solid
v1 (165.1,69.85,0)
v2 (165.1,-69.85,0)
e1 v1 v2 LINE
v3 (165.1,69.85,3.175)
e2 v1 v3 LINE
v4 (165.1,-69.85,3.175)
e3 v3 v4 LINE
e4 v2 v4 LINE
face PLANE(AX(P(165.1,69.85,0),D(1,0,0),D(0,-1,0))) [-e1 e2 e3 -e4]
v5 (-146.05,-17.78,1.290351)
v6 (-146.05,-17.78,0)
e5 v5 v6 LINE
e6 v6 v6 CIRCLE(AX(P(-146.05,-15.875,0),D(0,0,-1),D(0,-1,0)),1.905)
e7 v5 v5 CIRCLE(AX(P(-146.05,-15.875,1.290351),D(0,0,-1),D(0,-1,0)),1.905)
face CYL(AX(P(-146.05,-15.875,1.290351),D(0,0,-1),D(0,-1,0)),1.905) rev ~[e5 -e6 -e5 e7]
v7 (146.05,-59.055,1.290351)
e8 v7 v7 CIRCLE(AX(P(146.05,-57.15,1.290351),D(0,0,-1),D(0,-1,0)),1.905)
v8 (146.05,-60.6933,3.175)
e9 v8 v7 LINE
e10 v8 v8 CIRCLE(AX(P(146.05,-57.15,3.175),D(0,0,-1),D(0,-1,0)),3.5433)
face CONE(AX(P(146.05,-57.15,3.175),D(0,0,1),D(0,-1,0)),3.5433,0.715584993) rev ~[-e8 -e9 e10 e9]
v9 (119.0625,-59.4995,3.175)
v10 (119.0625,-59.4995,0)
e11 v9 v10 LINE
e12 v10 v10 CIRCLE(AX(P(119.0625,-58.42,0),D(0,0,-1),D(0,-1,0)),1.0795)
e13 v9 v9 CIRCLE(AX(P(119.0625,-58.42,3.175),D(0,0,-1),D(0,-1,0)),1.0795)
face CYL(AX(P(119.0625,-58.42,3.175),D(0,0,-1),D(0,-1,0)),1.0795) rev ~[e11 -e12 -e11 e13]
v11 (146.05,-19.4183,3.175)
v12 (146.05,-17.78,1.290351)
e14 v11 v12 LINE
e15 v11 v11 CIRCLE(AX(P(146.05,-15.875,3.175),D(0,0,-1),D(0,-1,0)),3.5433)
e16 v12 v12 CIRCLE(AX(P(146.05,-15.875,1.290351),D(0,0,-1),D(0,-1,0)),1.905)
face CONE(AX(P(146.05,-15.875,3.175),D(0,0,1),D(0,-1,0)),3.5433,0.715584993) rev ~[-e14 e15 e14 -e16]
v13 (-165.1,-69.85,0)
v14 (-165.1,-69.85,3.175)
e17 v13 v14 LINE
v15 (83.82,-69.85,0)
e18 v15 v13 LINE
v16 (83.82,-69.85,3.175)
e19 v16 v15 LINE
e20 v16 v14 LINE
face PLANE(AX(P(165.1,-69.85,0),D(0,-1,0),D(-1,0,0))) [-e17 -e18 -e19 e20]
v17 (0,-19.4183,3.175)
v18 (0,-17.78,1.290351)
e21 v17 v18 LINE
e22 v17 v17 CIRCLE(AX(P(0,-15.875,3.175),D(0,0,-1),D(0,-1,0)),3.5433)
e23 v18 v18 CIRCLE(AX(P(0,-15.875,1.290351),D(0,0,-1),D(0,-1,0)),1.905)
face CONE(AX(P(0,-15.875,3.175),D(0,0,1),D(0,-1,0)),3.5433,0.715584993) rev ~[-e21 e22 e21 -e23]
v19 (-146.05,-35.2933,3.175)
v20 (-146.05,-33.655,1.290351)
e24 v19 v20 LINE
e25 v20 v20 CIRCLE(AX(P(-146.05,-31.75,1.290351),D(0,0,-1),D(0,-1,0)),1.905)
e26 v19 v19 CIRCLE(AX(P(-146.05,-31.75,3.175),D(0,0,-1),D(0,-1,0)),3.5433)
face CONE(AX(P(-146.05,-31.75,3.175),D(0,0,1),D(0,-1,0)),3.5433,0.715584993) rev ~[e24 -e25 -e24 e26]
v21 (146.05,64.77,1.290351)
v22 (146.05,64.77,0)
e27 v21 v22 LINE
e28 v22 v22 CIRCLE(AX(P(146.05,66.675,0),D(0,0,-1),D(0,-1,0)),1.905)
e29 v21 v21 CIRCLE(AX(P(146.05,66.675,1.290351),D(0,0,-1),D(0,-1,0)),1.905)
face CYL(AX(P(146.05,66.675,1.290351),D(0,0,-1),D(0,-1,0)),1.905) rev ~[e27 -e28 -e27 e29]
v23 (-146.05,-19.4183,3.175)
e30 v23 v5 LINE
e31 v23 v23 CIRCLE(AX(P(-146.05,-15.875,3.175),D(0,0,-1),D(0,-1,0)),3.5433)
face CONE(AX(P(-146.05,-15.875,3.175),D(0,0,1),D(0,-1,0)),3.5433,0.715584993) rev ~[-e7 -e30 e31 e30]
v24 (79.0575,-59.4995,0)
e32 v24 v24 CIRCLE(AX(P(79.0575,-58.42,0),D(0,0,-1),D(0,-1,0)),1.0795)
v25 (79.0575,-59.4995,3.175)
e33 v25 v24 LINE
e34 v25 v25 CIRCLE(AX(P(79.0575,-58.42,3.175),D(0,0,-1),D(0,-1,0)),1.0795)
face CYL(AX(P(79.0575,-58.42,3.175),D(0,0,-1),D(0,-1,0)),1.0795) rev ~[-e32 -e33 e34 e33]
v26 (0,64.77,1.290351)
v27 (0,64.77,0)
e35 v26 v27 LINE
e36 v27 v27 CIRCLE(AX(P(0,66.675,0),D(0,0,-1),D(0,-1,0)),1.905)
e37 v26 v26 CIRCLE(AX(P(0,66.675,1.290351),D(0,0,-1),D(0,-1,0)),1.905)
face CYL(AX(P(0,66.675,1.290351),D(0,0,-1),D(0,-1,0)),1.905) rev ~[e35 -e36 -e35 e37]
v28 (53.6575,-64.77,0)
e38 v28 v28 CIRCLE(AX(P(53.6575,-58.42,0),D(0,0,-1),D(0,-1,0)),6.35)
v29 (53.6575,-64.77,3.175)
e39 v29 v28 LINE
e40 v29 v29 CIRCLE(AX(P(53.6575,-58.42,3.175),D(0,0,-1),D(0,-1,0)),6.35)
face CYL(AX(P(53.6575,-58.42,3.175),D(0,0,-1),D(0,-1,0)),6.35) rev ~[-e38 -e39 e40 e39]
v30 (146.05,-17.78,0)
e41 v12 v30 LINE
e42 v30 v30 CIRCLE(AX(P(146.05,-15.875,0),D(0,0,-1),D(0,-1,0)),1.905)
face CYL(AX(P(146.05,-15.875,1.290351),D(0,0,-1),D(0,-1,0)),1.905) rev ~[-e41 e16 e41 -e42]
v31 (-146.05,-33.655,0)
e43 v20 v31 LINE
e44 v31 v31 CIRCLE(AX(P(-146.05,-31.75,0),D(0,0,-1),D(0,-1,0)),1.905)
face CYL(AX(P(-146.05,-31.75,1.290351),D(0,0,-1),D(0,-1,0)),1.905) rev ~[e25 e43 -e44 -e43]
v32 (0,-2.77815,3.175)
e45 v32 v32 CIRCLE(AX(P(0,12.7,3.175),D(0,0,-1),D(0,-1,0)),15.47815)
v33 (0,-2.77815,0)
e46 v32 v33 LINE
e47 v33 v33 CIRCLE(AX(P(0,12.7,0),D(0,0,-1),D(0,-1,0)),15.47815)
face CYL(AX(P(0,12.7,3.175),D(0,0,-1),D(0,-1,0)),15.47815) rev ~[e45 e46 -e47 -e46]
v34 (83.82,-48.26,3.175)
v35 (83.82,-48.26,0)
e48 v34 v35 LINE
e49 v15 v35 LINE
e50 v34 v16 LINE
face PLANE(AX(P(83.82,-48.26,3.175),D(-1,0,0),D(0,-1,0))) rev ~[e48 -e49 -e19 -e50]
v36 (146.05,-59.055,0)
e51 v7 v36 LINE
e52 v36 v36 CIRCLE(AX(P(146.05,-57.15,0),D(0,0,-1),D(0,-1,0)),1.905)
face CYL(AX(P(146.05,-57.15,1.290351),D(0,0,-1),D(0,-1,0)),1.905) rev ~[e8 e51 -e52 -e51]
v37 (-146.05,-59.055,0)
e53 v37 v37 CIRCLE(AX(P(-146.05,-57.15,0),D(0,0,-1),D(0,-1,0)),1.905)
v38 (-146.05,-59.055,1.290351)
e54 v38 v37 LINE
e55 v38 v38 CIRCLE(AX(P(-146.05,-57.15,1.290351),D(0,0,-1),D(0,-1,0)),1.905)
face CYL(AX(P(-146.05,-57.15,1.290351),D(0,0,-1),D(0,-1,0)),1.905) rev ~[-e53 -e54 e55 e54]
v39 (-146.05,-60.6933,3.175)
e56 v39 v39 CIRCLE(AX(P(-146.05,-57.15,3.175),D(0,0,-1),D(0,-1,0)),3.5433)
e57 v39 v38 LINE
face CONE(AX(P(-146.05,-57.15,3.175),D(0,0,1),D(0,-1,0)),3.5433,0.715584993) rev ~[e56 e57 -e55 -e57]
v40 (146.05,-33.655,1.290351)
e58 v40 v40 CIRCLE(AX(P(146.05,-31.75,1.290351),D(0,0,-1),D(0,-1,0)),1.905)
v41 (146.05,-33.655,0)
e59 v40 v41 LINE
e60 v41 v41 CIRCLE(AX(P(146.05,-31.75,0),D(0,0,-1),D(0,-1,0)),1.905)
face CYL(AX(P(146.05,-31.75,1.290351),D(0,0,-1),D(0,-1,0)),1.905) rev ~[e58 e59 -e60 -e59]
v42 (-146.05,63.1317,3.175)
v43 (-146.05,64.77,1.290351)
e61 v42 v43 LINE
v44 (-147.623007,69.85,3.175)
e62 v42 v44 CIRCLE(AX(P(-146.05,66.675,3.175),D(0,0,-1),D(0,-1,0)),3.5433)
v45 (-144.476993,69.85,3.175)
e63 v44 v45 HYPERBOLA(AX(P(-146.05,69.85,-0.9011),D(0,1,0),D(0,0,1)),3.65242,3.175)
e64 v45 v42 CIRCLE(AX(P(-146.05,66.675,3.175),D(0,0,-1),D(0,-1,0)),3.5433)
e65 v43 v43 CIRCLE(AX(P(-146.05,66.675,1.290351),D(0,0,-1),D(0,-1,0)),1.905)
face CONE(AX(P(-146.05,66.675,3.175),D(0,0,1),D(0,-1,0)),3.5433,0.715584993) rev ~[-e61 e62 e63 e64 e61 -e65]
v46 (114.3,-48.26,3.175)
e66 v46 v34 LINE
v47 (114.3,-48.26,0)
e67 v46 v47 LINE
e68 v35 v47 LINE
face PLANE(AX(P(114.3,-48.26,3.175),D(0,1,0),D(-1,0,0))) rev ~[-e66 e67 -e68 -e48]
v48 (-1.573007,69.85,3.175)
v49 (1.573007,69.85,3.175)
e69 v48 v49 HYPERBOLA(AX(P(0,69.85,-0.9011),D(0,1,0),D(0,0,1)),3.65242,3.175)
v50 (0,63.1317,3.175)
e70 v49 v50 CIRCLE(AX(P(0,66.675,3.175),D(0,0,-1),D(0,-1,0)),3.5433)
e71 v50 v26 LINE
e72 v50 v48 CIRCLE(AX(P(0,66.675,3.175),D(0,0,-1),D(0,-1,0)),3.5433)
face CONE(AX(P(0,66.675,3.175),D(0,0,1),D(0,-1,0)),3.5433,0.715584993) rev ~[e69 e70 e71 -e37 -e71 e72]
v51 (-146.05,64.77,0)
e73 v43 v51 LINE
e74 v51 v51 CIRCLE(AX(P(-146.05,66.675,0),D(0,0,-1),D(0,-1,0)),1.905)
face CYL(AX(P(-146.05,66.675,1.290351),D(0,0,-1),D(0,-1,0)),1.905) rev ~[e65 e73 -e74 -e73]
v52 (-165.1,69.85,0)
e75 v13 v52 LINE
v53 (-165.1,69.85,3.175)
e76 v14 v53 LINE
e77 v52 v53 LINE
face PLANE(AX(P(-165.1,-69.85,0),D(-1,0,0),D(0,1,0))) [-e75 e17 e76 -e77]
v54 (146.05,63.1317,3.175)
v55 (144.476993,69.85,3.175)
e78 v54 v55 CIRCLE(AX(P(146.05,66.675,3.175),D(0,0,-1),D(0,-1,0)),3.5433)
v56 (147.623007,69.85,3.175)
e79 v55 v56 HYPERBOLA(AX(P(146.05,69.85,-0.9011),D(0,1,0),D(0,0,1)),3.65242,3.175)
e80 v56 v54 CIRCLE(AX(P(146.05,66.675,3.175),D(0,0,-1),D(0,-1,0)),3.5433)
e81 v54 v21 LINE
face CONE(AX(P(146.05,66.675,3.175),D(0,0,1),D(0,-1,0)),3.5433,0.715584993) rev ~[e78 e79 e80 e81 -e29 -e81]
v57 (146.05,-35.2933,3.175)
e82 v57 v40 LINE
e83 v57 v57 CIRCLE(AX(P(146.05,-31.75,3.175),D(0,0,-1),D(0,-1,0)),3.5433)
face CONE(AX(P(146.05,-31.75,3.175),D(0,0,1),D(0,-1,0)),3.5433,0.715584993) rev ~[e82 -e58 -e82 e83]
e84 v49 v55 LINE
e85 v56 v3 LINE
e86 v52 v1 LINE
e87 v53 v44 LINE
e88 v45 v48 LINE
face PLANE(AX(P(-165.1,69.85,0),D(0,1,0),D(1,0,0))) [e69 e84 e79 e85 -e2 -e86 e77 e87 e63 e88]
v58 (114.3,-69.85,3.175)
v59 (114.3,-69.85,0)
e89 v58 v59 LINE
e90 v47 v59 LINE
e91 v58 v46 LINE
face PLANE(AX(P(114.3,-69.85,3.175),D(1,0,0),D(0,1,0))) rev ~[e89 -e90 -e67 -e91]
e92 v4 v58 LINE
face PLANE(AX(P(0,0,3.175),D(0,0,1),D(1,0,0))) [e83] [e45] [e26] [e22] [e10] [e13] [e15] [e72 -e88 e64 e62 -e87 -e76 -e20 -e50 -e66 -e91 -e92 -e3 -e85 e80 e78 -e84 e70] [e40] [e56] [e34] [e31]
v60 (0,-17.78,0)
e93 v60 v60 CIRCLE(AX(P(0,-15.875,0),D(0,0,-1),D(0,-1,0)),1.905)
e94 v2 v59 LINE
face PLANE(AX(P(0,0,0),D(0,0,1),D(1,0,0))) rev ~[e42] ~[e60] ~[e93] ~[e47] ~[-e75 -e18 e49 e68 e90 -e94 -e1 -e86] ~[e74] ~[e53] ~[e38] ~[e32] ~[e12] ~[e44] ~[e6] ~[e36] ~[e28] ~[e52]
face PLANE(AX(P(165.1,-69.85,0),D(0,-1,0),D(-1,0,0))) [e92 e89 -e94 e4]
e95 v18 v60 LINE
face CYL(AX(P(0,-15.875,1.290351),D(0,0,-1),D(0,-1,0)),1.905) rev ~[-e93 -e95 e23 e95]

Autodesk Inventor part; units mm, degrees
ref_plane "YZ Plane" through (0, 0, 0) normal (1, 0, 0) x (0, 1, 0)
ref_plane "XZ Plane" through (0, 0, 0) normal (0, 1, 0) x (-1, 0, 0)
ref_plane "XY Plane" through (0, 0, 0) normal (0, 0, 1) x (1, 0, 0)
sketch "Sketch1" plane through (0, 0, 0) normal (0, 0, 1) x (1, 0, 0)
  line L0 (-165.1, 69.85) -> (165.1, 69.85)
  line L1 (165.1, 69.85) -> (165.1, -69.85)
  line L2 (165.1, -69.85) -> (-165.1, -69.85)
  line L3 (-165.1, -69.85) -> (-165.1, 69.85)
  point P0 (0, 0)
  dimension "d0" = 139.7
  dimension "d1" = 330.2
  dimension "d2" = 69.85
  dimension "d3" = 165.1
extrude "Extrusion1" add sketch "Sketch1" along normal blind 3.175
sketch "Sketch4" plane through (0, 0, 3.175) normal (0, 0, 1) x (1, 0, 0)
  line L0 (-165.1, 69.85) -> (165.1, 69.85) projected
  line L1 (-165.1, -69.85) -> (-165.1, 69.85) projected
  line L2 (165.1, -69.85) -> (-165.1, -69.85) projected
  line L3 (165.1, 69.85) -> (165.1, -69.85) projected
  line L4 (-165.1, -15.875) -> (165.1, -15.875) construction
  line L5 (0, 69.85) -> (0, -69.85) construction
  line L6 (-146.05, 69.85) -> (-146.05, -69.85) construction
  line L7 (-165.1, 66.675) -> (165.1, 66.675) construction
  point P0 (0, 0)
  point P1 (-146.05, -15.875)
  point P2 (146.05, -15.875)
  point P3 (0, -15.875)
  point P4 (-146.05, -31.75)
  point P5 (-146.05, -57.15)
  point P6 (146.05, -31.75)
  point P7 (146.05, -57.15)
  point P8 (0, 66.675)
  point P9 (-146.05, 66.675)
  point P10 (146.05, 66.675)
  dimension "d24" = 85.725
  dimension "d49" = 12.7
  dimension "d50" = 25.4
  dimension "d90" = 3.175
  dimension "d92" = 146.05
hole "Hole3" at (-146.05, -15.875, 3.175) at (146.05, -15.875, 3.175) at (0, -15.875, 3.175) at (-146.05, -31.75, 3.175) at (-146.05, -57.15, 3.175) at (146.05, -31.75, 3.175) at (146.05, -57.15, 3.175) at (-146.05, 66.675, 3.175) at (146.05, 66.675, 3.175) at (0, 66.675, 3.175) direction (0, 0, -1) diameter 3.81 end through all countersink diameter 7.0866 countersink angle 82 clearance for "Flat Head Machine Screw (82)" size "#6" standard "Ansi Unified Screw Threads"
sketch "Sketch7" plane through (0, 0, 3.175) normal (0, 0, 1) x (1, 0, 0)
  line L0 (0, -97.79) -> (0, 97.79) construction
  line L1 (-165.1, 69.85) -> (165.1, 69.85) projected
  point P0 (0, 0)
  point P1 (0, 12.7)
  dimension "d51" = 57.15
hole "Hole5" at (0, 12.7, 3.175) direction (0, 0, -1) diameter 30.9563 end through all
sketch "Sketch8" plane through (0, 0, 3.175) normal (0, 0, 1) x (1, 0, 0)
  line L0 (165.1, -69.85) -> (-165.1, -69.85) projected
  line L1 (83.82, -69.85) -> (114.3, -69.85)
  line L2 (114.3, -69.85) -> (114.3, -48.26)
  line L3 (114.3, -48.26) -> (83.82, -48.26)
  line L4 (83.82, -48.26) -> (83.82, -69.85)
  line L5 (165.1, 69.85) -> (165.1, -69.85) projected
  line L6 (99.06, -48.26) -> (99.06, -69.85) construction
  point P0 (0, 0)
  point P1 (79.0575, -58.42)
  point P2 (119.0625, -58.42)
  point P3 (53.6575, -58.42)
  dimension "d59" = 30.48
  dimension "d60" = 21.59
  dimension "d61" = 50.8
  dimension "d62" = 40.005
  dimension "d63" = 11.43
  dimension "d81" = 25.4
  dimension "d82" = 11.43
extrude "Extrusion3" cut sketch "Sketch8" against normal up to next
hole "Hole6" at (79.0575, -58.42, 3.175) at (119.0625, -58.42, 3.175) direction (0, 0, -1) diameter 2.159 end through all
hole "Hole8" at (53.6575, -58.42, 3.175) direction (0, 0, -1) diameter 12.7 end through all
equation "\"d2\" = 0.5 * d0"
equation "\"d3\" = 0.5 * d1"
equation "\"d82\" = d63"
properties part number "J001400" material "ALUMINUM, 6061-T651"
